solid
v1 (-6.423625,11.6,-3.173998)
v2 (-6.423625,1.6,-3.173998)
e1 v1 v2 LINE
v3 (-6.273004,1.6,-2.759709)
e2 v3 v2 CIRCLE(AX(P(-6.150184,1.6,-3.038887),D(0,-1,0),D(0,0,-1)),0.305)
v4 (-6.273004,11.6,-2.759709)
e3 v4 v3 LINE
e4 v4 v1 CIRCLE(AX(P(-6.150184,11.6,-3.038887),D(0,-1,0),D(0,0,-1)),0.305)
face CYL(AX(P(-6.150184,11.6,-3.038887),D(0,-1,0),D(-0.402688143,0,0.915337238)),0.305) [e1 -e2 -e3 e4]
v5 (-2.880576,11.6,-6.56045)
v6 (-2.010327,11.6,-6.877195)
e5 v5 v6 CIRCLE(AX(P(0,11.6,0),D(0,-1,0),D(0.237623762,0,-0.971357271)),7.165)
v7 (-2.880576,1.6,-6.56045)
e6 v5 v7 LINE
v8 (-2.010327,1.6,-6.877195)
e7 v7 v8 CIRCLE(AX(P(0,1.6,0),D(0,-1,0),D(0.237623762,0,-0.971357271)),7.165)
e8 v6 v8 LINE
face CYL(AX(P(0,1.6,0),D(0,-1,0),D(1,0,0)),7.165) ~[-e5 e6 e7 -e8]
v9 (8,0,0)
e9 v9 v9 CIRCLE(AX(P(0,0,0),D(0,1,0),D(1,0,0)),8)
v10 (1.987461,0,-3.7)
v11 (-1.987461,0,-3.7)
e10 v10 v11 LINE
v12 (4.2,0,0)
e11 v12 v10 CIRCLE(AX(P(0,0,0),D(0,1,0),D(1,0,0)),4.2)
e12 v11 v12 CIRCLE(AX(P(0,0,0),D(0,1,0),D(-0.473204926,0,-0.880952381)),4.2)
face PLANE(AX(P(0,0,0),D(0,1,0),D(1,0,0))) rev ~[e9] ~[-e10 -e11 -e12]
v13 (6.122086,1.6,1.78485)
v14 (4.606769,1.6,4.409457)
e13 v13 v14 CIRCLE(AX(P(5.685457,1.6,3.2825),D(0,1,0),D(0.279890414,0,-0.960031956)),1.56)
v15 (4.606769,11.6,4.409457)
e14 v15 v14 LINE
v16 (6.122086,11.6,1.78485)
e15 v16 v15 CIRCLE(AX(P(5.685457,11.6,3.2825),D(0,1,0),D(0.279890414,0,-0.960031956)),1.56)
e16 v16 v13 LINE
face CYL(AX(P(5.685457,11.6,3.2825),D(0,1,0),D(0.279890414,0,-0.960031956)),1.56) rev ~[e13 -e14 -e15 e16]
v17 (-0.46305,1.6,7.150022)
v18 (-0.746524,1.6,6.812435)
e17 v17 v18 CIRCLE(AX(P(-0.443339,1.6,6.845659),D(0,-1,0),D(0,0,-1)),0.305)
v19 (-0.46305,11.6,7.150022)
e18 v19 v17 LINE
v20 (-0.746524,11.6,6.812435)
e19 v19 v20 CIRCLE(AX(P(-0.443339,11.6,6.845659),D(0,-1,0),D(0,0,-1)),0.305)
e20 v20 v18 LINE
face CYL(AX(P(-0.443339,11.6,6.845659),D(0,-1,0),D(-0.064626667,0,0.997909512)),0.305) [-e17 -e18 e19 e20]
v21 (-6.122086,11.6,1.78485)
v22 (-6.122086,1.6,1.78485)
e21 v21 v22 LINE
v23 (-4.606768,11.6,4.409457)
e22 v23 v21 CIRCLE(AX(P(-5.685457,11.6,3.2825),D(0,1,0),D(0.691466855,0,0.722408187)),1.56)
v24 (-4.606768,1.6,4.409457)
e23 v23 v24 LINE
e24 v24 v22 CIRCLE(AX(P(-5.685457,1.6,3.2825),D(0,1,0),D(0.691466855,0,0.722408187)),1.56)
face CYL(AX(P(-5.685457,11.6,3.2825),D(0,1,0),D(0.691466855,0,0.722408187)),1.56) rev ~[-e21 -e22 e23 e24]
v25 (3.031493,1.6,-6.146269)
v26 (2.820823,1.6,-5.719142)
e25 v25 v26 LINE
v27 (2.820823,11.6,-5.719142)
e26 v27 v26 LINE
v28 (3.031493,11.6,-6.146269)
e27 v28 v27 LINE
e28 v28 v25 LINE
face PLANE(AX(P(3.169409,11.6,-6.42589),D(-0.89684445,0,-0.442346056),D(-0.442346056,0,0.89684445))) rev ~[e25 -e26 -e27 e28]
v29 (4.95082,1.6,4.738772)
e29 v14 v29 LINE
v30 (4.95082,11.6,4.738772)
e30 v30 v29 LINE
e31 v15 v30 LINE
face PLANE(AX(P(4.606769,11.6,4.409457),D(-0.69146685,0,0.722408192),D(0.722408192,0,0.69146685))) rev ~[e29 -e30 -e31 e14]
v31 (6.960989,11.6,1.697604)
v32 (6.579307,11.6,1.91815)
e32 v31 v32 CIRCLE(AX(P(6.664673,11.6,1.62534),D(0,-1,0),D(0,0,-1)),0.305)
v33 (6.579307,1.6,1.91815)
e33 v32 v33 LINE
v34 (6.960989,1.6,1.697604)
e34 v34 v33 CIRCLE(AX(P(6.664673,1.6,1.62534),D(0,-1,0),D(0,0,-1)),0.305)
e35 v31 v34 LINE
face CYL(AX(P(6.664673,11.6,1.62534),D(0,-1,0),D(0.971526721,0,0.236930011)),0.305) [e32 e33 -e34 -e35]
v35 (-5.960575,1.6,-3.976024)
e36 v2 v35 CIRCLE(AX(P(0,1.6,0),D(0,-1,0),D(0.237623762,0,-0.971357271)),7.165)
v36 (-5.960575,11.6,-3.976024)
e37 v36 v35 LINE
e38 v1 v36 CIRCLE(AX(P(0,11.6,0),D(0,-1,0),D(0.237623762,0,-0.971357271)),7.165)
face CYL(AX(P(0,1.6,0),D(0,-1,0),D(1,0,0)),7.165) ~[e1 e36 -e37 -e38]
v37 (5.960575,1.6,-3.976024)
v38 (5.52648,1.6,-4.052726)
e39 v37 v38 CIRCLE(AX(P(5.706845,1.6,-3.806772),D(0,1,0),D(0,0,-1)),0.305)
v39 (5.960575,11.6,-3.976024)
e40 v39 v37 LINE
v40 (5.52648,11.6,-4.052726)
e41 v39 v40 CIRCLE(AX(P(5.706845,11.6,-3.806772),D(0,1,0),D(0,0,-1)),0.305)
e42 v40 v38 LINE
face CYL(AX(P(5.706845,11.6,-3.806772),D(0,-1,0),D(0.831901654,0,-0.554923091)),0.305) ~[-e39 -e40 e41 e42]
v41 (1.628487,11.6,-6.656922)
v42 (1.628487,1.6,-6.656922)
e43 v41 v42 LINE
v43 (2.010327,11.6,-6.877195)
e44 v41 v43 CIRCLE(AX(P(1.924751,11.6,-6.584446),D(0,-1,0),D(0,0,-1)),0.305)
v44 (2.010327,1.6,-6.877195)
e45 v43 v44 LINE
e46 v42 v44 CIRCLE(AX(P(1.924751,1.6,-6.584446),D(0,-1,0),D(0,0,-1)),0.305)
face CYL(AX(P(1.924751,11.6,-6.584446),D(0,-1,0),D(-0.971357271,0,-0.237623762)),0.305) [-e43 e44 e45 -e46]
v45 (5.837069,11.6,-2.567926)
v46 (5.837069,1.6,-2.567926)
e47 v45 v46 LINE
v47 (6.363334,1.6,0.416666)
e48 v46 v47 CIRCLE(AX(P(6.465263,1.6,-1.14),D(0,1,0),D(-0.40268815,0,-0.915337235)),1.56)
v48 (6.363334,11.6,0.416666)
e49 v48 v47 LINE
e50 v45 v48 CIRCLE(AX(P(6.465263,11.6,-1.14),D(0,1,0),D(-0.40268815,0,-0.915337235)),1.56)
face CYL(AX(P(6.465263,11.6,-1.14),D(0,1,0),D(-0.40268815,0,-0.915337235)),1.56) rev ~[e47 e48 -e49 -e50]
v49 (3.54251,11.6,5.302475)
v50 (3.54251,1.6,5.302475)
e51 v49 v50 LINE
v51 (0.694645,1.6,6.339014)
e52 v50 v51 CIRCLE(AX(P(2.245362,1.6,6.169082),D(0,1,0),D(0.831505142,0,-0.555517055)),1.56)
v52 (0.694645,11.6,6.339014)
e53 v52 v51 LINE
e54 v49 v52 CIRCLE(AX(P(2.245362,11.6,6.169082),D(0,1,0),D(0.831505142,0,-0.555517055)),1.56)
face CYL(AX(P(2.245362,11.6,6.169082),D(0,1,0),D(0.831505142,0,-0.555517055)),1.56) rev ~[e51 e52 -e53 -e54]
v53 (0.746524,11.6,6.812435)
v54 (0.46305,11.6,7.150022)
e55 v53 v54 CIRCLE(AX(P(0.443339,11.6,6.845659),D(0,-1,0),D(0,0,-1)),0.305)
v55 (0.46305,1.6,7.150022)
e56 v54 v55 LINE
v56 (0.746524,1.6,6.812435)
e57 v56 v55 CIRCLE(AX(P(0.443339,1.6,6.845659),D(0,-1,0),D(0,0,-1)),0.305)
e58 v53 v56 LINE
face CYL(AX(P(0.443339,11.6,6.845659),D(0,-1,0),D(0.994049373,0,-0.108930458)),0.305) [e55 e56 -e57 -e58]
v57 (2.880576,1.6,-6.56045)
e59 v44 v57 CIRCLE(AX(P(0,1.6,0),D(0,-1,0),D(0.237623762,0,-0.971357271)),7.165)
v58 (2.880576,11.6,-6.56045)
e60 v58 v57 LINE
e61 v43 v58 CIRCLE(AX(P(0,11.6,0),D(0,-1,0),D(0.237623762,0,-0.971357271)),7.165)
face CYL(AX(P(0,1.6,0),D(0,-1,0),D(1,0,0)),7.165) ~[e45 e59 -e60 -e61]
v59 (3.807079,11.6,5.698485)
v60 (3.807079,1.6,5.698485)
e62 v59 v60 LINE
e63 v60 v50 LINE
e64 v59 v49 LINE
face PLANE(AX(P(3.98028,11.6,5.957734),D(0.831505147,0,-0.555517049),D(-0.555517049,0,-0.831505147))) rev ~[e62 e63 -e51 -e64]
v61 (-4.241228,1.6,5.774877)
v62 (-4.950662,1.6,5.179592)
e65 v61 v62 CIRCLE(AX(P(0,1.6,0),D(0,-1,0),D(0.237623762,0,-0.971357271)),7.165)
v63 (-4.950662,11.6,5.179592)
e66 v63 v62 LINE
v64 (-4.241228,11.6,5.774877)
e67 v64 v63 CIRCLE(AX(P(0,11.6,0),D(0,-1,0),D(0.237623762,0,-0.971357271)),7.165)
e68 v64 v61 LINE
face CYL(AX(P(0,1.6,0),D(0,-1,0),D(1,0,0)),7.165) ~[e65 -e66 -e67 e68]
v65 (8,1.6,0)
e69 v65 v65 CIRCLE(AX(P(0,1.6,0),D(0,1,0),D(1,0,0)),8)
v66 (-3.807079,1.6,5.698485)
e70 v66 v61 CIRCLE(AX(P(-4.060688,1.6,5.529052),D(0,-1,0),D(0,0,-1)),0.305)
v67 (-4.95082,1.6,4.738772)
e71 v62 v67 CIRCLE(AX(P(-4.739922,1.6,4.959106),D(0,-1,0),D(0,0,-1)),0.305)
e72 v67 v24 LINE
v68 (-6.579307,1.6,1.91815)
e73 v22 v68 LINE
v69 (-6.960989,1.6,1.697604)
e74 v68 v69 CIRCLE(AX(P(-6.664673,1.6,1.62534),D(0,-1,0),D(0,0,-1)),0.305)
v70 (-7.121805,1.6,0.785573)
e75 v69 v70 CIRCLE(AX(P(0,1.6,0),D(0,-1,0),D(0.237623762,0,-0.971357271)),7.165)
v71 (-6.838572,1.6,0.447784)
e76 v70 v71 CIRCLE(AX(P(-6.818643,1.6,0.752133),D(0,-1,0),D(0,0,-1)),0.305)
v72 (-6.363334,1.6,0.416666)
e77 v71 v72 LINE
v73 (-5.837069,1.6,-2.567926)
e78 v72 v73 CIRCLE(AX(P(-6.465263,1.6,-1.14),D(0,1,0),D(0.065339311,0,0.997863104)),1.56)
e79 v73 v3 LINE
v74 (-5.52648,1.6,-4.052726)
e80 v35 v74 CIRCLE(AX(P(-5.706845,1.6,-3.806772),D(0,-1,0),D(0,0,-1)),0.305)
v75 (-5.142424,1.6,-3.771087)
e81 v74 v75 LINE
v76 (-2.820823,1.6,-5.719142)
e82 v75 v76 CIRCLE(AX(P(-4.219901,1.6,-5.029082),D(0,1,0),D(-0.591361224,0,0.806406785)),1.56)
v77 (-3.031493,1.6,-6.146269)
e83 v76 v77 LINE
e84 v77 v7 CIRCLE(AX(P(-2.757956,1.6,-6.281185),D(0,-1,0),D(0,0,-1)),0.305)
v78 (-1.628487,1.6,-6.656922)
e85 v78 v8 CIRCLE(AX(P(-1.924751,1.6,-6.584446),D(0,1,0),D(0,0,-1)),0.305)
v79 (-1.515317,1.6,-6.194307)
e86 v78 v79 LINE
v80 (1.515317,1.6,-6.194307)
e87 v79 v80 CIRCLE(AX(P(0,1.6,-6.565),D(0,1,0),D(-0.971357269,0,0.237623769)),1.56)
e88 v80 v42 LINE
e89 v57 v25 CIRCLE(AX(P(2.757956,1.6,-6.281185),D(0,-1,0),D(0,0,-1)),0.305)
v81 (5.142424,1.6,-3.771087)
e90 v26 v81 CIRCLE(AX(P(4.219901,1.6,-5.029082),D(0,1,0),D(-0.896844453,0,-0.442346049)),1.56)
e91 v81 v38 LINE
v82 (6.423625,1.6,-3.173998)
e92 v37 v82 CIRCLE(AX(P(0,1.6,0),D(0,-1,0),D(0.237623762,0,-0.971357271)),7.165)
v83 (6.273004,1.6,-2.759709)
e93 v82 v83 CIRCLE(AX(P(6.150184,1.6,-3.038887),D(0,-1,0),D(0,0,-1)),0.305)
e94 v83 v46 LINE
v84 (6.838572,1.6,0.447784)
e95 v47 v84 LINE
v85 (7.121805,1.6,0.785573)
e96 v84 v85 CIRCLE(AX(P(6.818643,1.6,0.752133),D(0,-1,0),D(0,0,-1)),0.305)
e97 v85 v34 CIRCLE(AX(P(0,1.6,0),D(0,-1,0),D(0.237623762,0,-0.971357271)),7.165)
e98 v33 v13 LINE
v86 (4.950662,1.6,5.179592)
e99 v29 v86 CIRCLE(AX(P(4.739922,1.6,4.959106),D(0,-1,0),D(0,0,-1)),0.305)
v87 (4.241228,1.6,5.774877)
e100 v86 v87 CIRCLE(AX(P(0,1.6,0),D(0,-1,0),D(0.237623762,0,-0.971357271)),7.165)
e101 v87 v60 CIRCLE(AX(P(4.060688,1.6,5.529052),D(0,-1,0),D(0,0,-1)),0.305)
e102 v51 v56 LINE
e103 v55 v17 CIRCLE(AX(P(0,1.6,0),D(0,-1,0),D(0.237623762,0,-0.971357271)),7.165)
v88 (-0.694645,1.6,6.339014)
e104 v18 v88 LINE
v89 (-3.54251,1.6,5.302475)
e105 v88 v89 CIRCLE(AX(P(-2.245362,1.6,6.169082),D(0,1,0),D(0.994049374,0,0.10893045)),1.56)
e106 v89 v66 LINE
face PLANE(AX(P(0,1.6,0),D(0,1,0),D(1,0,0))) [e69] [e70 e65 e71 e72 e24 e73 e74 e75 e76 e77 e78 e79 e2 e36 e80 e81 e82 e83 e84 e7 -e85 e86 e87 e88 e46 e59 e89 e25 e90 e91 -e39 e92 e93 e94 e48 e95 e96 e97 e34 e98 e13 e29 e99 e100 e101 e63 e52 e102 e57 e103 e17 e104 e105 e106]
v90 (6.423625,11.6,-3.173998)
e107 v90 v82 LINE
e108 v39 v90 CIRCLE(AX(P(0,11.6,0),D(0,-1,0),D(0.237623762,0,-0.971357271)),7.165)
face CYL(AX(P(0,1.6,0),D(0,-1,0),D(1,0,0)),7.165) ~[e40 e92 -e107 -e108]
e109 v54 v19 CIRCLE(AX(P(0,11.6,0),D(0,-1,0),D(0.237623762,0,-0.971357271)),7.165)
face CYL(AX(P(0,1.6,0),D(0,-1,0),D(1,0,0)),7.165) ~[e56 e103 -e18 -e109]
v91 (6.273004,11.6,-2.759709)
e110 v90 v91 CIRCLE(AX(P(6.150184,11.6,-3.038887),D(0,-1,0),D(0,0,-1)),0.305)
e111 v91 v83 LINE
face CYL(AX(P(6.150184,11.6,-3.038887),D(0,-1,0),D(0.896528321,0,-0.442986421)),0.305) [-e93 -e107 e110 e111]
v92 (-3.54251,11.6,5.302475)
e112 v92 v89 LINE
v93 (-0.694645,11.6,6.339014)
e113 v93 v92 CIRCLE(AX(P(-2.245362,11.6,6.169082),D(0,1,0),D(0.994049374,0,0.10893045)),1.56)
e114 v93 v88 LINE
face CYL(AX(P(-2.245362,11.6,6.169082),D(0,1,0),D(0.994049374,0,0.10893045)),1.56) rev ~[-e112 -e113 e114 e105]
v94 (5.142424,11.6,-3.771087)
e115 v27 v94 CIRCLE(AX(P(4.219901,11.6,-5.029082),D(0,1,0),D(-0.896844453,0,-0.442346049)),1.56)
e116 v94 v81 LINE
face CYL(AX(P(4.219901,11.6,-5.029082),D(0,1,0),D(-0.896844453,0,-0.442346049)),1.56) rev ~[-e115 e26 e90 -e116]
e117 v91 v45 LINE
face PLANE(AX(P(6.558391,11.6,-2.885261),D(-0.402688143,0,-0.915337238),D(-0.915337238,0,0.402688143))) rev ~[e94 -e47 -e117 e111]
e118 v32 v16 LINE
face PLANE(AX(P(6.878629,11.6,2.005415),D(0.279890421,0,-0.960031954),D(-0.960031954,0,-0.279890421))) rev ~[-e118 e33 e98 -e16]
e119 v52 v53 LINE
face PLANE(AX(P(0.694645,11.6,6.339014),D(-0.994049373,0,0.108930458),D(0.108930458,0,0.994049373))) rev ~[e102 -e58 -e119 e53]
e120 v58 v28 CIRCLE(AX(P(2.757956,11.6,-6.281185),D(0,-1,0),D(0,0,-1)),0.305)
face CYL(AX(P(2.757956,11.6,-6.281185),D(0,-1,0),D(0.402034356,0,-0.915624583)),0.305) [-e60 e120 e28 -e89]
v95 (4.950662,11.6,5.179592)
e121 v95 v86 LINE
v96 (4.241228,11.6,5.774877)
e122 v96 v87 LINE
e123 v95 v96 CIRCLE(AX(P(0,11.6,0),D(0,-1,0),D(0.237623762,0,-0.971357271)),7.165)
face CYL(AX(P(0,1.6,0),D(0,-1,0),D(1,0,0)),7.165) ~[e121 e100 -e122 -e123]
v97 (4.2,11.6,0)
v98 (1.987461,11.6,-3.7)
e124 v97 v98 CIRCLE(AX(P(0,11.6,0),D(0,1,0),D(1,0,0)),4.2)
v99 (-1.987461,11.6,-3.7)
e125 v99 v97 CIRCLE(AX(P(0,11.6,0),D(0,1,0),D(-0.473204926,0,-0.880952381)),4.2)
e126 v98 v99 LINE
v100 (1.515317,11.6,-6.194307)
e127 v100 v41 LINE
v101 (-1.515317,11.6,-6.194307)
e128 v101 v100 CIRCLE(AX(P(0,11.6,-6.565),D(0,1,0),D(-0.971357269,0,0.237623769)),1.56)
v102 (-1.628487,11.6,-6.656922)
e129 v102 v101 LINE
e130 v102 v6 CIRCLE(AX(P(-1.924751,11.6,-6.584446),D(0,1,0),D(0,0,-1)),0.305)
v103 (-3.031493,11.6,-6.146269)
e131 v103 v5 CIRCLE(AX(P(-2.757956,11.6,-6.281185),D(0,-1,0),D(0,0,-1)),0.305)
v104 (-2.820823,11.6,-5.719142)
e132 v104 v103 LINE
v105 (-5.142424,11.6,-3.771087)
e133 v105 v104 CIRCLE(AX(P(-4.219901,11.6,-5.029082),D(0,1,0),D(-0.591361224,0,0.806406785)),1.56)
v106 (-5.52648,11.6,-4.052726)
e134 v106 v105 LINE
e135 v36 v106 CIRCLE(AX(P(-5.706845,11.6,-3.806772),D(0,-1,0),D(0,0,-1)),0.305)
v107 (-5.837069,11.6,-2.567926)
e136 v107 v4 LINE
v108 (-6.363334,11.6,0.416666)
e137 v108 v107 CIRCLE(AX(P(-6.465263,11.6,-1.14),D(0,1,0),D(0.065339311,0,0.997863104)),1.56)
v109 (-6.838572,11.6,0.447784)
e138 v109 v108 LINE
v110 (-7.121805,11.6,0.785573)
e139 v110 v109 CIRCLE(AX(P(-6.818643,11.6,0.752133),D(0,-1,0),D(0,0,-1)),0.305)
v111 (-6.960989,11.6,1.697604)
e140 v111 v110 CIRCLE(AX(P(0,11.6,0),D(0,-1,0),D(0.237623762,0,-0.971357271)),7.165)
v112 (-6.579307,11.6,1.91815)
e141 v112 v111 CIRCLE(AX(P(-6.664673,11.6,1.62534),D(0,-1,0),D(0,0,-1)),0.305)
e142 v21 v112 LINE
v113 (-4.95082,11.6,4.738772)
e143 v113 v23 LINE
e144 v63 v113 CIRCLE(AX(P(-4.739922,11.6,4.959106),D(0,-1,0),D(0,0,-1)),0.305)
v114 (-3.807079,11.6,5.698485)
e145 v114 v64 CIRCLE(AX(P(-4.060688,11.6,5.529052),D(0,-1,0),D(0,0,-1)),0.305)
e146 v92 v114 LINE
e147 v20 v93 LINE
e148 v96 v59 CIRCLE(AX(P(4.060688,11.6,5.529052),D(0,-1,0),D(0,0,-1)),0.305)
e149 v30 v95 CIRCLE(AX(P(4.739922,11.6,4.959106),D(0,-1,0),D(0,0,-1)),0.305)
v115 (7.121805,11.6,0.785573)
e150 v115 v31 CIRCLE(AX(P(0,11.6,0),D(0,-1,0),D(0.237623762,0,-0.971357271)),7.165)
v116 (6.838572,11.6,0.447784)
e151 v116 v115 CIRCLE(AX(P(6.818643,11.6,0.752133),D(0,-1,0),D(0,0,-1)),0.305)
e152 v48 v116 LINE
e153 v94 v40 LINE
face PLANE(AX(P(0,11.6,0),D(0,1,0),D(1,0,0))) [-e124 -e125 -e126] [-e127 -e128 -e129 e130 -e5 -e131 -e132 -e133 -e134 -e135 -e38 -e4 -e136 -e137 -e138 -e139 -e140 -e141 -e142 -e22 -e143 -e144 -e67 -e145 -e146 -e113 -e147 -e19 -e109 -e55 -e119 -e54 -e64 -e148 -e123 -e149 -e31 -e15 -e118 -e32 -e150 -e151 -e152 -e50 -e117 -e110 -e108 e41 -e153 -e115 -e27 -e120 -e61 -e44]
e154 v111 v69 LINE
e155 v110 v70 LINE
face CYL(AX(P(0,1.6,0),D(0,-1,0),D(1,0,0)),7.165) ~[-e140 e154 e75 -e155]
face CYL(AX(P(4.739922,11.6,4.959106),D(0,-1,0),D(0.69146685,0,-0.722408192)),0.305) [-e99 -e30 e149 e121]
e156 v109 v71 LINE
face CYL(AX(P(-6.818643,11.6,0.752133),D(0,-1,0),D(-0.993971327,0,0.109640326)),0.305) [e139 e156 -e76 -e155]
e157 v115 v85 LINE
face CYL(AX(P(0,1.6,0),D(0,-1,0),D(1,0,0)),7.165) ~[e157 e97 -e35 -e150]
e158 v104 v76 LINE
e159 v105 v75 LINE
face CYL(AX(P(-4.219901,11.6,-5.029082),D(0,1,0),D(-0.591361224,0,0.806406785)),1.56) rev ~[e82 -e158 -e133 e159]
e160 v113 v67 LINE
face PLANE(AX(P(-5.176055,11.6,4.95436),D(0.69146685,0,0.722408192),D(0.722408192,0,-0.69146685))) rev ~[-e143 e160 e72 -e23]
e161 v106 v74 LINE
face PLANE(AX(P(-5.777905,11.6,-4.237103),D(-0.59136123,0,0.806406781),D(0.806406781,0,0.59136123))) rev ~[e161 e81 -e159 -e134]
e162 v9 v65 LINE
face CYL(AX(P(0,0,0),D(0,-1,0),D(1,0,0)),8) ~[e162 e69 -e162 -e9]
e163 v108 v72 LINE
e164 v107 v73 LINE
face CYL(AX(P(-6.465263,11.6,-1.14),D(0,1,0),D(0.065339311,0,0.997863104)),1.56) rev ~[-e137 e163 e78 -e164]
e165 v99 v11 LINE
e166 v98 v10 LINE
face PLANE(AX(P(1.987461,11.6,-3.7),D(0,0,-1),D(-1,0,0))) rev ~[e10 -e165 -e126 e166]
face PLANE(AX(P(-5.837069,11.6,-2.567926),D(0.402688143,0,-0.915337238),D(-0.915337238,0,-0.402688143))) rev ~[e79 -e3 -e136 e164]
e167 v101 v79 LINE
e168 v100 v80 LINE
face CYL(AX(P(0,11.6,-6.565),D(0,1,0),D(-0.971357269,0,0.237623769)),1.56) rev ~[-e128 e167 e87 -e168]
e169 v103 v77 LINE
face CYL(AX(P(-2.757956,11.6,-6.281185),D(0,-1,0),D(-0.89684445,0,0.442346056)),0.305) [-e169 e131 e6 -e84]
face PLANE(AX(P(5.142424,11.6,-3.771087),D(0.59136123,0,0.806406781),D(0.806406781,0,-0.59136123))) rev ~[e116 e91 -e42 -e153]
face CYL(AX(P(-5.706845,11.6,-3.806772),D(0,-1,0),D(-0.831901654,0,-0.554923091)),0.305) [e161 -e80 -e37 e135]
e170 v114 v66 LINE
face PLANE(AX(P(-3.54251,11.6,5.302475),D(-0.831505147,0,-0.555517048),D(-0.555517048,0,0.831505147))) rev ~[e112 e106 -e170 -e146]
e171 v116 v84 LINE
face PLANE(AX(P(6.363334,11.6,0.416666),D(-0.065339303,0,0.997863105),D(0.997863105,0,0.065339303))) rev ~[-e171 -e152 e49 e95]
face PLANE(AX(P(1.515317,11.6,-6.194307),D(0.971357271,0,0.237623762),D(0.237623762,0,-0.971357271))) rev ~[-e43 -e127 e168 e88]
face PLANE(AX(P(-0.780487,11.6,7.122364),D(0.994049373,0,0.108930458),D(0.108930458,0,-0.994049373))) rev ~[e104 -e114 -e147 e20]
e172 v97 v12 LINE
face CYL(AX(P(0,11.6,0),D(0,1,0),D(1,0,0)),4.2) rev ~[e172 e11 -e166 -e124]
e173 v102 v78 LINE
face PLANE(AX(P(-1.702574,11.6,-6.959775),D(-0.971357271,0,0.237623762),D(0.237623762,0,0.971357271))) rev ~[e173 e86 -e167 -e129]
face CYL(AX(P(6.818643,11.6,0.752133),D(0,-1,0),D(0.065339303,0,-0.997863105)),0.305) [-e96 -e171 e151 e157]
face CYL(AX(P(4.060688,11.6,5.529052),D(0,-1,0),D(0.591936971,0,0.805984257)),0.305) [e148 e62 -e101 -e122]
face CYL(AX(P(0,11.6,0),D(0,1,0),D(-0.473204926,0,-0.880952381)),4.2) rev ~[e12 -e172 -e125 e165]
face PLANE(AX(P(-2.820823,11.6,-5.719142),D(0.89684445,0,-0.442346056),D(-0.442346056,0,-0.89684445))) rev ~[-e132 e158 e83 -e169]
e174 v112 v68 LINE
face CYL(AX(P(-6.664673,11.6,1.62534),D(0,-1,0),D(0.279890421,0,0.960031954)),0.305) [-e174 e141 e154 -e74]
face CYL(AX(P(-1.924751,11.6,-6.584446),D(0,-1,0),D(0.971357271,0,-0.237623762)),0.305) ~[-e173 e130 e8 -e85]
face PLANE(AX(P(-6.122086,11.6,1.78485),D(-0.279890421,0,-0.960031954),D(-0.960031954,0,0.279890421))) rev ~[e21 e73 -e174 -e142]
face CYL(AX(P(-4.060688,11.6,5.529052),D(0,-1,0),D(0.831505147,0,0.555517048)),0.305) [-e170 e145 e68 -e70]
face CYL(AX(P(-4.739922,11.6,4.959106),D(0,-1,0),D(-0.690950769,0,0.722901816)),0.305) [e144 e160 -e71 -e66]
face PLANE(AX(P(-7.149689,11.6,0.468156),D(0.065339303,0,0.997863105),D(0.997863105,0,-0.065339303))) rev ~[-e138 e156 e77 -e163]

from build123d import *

# Parameters (mm, degrees)
SKETCH_1_R                       = 8
EXTRUDE_1_DEPTH                  = 1.6
SKETCH_2_R                       = 7.165
EXTRUDE_2_DEPTH                  = 10
CUT_EXTRUDE_1_DEPTH              = 17.20370328
CUT_EXTRUDE_START                = -10
CUT_EXTRUDE_2_DEPTH              = 10
FILLET_1_R                       = 0.305
PATTERN_CIRCULAR_1_COUNT         = 9
FILLET_1_OF_PATTERN_CIRCULAR_1_R = 0.305


with BuildPart() as part:
    # Эскиз1 → Бобышка-Вытянуть1 (new body)
    with BuildSketch(Plane(origin=(0, 0, 0), x_dir=(1, 0, 0), z_dir=(0, 1, 0))):
        Circle(SKETCH_1_R)
    extrude(amount=EXTRUDE_1_DEPTH)

    # Эскиз2 → Бобышка-Вытянуть2 (add)
    with BuildSketch(Plane(origin=(0, 1.6, 0), x_dir=(1, 0, 0), z_dir=(0, 1, 0))):
        Circle(SKETCH_2_R)
    extrude(amount=EXTRUDE_2_DEPTH)

    # Эскиз3 → Вырез-Вытянуть1 (cut, through all)
    with BuildSketch(Plane(origin=(0, 11.6, 0), x_dir=(1, 0, 0), z_dir=(0, 1, 0))):
        with BuildLine():
            Line((1.987460691, 3.7), (-1.987460691, 3.7))
            ThreePointArc((-1.987460691, 3.7), (-2.155535327, -3.604673002), (4.2, 0))
            ThreePointArc((4.2, 0), (3.604673002, 2.155535327), (1.987460691, 3.7))
        make_face()
    extrude(amount=-CUT_EXTRUDE_1_DEPTH, mode=Mode.SUBTRACT)

    # Эскиз4 → Вырез-Вытянуть2 (cut)
    with BuildSketch(Plane(origin=(0, 11.6, 0), x_dir=(1, 0, 0), z_dir=(0, 1, 0)).offset(CUT_EXTRUDE_START)):
        with BuildLine():
            Line((-1.702574257, 6.959774845), (-1.51531734, 6.19430692))
            ThreePointArc((-1.51531734, 6.19430692), (2.8e-08, 5.005), (1.515317353, 6.194306973))
            Line((1.515317353, 6.194306973), (1.702574257, 6.959774845))
            ThreePointArc((1.702574257, 6.959774845), (0, 7.165), (-1.702574257, 6.959774845))
        make_face()
    cut_extrude_2 = extrude(amount=CUT_EXTRUDE_2_DEPTH, mode=Mode.SUBTRACT)

    # Скругление1
    fillet_1_edges = [part.edges().sort_by_distance(p)[0] for p in [
        (-1.702574257, 6.6, -6.959774845),
        (1.702574257, 6.6, -6.959774845),
    ]]
    fillet(fillet_1_edges, radius=FILLET_1_R)

    # Круговой массив1: Вырез-Вытянуть2 ×9 about axis
    pattern_circular_1_axis = Axis((0, 0, 0), (0, 1, 0))
    for i in range(1, PATTERN_CIRCULAR_1_COUNT):
        add(cut_extrude_2.rotate(pattern_circular_1_axis, i * 360 / PATTERN_CIRCULAR_1_COUNT), mode=Mode.SUBTRACT)

    # Скругление1 of Круговой массив1
    fillet_1_of_pattern_circular_1_edges = [part.edges().sort_by_distance(p)[0] for p in [
        (-5.777904586, 6.6, -4.237103208),
        (-3.169409488, 6.6, -6.425890483),
        (-7.149689144, 6.6, 0.46815611),
        (-6.55839131, 6.6, -2.885260548),
        (-5.176054692, 6.6, 4.954359981),
        (-6.878628949, 6.6, 2.005414864),
        (-0.780486724, 6.6, 7.122363756),
        (-3.980279656, 6.6, 5.957734373),
        (3.980279656, 6.6, 5.957734373),
        (0.780486724, 6.6, 7.122363756),
        (6.878628949, 6.6, 2.005414864),
        (5.176054692, 6.6, 4.954359981),
        (6.55839131, 6.6, -2.885260548),
        (7.149689144, 6.6, 0.46815611),
        (3.169409488, 6.6, -6.425890483),
        (5.777904586, 6.6, -4.237103208),
    ]]
    fillet(fillet_1_of_pattern_circular_1_edges, radius=FILLET_1_OF_PATTERN_CIRCULAR_1_R)


solid = part.part
